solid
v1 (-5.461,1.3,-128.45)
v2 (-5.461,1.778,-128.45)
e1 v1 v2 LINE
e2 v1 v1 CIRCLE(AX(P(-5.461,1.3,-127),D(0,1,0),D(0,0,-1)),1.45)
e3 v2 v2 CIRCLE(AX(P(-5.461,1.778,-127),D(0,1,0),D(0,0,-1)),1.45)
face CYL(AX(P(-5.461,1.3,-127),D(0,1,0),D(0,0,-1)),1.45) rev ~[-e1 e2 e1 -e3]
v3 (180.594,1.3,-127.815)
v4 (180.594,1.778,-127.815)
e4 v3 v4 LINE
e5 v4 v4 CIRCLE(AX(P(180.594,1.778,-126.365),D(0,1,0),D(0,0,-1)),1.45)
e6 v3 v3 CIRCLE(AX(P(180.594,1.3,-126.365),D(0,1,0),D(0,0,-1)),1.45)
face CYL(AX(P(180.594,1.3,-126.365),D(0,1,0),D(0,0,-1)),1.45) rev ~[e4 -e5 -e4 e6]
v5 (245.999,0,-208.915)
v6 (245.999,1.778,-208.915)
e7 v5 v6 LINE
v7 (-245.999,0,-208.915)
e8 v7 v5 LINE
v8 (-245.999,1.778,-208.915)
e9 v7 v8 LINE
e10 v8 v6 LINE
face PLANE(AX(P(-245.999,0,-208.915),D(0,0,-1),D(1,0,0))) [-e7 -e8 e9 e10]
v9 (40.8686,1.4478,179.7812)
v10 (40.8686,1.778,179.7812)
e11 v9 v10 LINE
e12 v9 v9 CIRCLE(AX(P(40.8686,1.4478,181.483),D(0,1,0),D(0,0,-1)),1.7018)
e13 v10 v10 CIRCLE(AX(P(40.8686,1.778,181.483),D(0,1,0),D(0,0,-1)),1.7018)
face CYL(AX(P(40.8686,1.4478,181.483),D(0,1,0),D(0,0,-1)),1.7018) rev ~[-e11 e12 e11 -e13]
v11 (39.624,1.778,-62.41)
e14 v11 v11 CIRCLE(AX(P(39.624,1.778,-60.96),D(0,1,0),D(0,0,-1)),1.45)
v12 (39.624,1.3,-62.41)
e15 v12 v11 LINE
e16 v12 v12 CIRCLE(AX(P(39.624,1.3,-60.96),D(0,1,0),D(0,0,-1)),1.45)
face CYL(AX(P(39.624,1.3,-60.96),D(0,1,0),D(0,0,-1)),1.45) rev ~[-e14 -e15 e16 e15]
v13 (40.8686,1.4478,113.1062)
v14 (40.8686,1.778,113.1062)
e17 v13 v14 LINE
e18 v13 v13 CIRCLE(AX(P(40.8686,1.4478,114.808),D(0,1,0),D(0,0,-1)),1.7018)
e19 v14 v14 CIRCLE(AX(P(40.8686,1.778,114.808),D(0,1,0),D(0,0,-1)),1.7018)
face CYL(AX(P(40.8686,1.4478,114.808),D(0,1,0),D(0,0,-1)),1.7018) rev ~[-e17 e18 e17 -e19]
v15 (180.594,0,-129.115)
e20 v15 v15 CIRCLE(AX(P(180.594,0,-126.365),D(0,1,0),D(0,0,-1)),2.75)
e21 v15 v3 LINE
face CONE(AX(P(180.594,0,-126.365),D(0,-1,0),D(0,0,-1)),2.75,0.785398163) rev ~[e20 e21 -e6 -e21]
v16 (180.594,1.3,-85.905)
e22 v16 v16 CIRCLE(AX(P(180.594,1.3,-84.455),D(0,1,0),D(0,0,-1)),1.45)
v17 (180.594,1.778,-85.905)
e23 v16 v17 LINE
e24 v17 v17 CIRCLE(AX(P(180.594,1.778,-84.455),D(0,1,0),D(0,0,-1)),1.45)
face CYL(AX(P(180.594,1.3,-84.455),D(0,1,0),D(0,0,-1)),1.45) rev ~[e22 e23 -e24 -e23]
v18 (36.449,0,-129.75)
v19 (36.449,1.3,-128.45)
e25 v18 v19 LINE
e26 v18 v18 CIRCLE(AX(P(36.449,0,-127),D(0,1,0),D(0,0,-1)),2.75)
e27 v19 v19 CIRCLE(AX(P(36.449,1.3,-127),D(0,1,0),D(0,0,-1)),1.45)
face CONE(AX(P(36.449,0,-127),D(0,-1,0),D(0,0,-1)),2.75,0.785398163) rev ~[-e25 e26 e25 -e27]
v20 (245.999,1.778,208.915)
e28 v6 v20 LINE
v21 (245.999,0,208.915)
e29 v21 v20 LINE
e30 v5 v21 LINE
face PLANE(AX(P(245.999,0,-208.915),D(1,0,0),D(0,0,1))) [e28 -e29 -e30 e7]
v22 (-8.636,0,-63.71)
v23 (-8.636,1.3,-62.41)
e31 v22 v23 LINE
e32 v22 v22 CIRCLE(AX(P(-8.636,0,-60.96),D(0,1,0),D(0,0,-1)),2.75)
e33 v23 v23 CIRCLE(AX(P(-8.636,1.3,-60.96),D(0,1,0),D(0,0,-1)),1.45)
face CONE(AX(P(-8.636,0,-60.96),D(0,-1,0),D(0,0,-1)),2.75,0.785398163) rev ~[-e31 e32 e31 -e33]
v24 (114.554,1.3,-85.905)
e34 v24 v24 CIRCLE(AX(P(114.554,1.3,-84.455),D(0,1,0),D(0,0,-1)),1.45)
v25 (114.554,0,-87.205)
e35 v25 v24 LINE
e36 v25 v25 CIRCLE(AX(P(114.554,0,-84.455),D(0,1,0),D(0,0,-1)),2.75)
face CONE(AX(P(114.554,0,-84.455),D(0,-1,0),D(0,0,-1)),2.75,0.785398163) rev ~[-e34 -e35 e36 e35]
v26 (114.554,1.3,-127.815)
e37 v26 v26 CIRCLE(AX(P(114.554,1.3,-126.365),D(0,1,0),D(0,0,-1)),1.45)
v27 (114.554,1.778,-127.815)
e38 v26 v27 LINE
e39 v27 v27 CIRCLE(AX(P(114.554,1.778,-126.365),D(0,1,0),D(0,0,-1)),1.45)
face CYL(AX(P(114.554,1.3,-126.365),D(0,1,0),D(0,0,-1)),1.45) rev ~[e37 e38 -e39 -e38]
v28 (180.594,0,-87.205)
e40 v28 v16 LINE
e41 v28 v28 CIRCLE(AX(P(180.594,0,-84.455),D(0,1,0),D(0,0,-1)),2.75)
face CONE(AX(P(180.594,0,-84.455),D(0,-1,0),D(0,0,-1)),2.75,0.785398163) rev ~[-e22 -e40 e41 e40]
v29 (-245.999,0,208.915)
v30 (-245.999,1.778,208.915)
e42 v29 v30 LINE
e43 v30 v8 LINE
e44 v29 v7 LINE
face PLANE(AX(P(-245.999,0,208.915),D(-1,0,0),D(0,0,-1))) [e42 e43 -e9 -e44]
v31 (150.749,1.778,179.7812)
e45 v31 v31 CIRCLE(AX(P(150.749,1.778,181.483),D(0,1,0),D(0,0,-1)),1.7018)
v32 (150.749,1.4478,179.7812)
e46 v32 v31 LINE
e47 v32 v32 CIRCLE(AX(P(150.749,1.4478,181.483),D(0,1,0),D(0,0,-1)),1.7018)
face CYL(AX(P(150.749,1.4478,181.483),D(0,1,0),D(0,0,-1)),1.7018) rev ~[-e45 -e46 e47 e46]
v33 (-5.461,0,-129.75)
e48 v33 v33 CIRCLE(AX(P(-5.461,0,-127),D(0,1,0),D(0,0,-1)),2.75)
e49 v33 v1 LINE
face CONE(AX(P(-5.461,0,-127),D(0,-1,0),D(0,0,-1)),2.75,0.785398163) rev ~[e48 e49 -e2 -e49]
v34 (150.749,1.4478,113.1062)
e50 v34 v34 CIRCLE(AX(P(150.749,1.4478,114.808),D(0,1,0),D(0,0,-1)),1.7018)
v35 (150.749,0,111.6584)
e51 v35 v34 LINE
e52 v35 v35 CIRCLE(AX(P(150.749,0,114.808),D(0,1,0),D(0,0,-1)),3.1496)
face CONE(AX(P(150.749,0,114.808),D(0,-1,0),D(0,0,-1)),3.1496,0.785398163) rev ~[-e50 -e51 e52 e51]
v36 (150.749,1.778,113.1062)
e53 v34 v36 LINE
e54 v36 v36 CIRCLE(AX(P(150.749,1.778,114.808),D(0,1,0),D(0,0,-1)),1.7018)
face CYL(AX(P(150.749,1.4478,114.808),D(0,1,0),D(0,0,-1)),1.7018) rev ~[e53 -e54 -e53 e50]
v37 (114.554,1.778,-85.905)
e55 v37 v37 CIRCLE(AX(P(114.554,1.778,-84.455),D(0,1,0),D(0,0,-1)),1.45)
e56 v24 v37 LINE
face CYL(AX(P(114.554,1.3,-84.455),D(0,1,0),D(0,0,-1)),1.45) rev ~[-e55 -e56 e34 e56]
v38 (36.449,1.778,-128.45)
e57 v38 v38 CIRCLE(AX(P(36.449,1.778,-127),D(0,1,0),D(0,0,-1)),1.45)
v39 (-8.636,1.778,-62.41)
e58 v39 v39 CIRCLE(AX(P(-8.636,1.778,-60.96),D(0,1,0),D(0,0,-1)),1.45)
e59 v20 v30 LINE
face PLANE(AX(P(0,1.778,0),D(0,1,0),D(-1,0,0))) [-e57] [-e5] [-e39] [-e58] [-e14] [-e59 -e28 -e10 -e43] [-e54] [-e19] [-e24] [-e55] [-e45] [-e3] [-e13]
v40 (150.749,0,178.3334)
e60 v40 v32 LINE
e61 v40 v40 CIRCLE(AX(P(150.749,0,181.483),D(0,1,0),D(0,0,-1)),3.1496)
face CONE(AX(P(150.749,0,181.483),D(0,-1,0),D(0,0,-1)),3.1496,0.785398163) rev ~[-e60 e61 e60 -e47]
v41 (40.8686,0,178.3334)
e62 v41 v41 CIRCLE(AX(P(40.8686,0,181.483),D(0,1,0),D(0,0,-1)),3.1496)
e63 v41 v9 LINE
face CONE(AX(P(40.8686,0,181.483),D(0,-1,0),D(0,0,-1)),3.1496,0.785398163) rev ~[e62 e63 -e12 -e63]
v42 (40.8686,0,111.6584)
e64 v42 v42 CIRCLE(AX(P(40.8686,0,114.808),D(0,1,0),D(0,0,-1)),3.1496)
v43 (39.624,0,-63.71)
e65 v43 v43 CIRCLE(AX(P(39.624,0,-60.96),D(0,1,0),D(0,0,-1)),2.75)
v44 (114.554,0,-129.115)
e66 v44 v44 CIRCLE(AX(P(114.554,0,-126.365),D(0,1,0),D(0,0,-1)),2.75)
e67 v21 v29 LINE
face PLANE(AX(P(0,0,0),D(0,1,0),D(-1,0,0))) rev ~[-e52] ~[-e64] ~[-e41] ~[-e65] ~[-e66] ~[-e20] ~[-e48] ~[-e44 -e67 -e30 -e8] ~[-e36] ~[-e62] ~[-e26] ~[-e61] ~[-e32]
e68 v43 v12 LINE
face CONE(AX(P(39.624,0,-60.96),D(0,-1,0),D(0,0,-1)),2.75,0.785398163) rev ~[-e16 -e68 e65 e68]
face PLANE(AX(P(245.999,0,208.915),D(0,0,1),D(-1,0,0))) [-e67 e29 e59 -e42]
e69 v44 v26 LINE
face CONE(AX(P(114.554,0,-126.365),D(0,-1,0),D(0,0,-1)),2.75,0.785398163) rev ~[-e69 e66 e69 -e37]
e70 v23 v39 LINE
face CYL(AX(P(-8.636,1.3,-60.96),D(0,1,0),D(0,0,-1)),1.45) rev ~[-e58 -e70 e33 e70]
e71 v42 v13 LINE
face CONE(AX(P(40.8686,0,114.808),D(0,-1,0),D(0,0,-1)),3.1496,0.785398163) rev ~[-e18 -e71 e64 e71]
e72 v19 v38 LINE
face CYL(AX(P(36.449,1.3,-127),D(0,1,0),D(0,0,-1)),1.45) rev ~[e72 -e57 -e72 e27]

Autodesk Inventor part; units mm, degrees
ref_plane "YZ Plane" through (0, 0, 0) normal (1, 0, 0) x (0, 1, 0)
ref_plane "XZ Plane" through (0, 0, 0) normal (0, 1, 0) x (-1, 0, 0)
ref_plane "XY Plane" through (0, 0, 0) normal (0, 0, 1) x (1, 0, 0)
sketch "Sketch1" plane through (0, 0, 0) normal (0, 1, 0) x (-1, 0, 0)
  line L0 (-245.999, 208.915) -> (245.999, 208.915)
  line L1 (245.999, 208.915) -> (245.999, -208.915)
  line L2 (245.999, -208.915) -> (-245.999, -208.915)
  line L3 (-245.999, -208.915) -> (-245.999, 208.915)
  line L4 (-245.999, 208.915) -> (245.999, -208.915) construction
  line L5 (245.999, 208.915) -> (-245.999, -208.915) construction
  point P0 (0, 0)
  dimension "d0" = 417.83
  dimension "d1" = 491.998
extrude "Extrusion1" add sketch "Sketch1" along normal blind 1.778
sketch "wr" plane through (0, 1.778, 0) normal (0, 1, 0) x (1, 0, 0)
  line L0 (236.474, -199.39) -> (-236.474, -199.39) construction
  line L1 (-236.474, -199.39) -> (-236.474, 199.39) construction
  line L2 (-236.474, 199.39) -> (236.474, 199.39) construction
  line L3 (236.474, 199.39) -> (236.474, -199.39) construction
  line L4 (236.474, -199.39) -> (-236.474, 199.39) construction
  line L5 (-236.474, -199.39) -> (236.474, 199.39) construction
  line L6 (-245.999, -208.915) -> (245.999, -208.915) construction
  line L7 (245.999, -208.915) -> (245.999, 208.915) construction
  line L8 (163.449, -197.358) -> (28.1686, -197.358) construction
  line L9 (28.1686, -197.358) -> (28.1686, -92.2274) construction
  line L10 (28.1686, -92.2274) -> (163.449, -92.2274) construction
  line L11 (163.449, -92.2274) -> (163.449, -197.358) construction
  line L12 (163.449, -197.358) -> (28.1686, -92.2274) construction
  line L13 (28.1686, -197.358) -> (163.449, -92.2274) construction
  point P0 (0, 0)
  point P1 (95.8088, -144.7927)
  point P2 (95.8088, -144.7927)
  point P3 (150.749, -181.483)
  point P4 (40.8686, -181.483)
  point P5 (40.8686, -114.808)
  point P6 (150.749, -114.808)
  dimension "d4" = 9.525
  dimension "d5" = 9.525
  dimension "d6" = 105.1306
  dimension "d7" = 135.2804
  dimension "d9" = 11.557
  dimension "d10" = 82.55
  dimension "d23" = 15.875
  dimension "d24" = 15.875
  dimension "d25" = 12.7
  dimension "d26" = 12.7
  dimension "d27" = 82.55
  dimension "d28" = 82.55
  dimension "d29" = 12.7
  dimension "d30" = 12.7
sketch "bbb" plane through (0, 1.778, 0) normal (0, 1, 0) x (1, 0, 0)
  line L0 (-11.811, 46.355) -> (-11.811, 132.715) construction
  line L1 (-11.811, 132.715) -> (42.799, 132.715) construction
  line L2 (42.799, 132.715) -> (42.799, 46.355) construction
  line L3 (42.799, 46.355) -> (-11.811, 46.355) construction
  line L4 (-11.811, 46.355) -> (42.799, 132.715) construction
  line L5 (-11.811, 132.715) -> (42.799, 46.355) construction
  line L6 (245.999, 208.915) -> (-245.999, 208.915) construction
  line L7 (245.999, -208.915) -> (245.999, 208.915) construction
  line L8 (-42.799, -208.915) -> (-42.799, 208.915) construction
  point P0 (0, 0)
  point P1 (15.494, 89.535)
  point P2 (39.624, 60.96)
  point P3 (-8.636, 60.96)
  point P4 (36.449, 127)
  point P5 (-5.461, 127)
  dimension "d11" = 54.61
  dimension "d12" = 86.36
  dimension "d13" = 14.605
  dimension "d14" = 14.605
  dimension "d15" = 3.175
  dimension "d16" = 3.175
  dimension "d17" = 80.645
  dimension "d18" = 6.35
  dimension "d19" = 80.645
  dimension "d20" = 48.26
  dimension "d82" = 203.2
  dimension "d83" = 76.2
  dimension "d84" = 288.798
sketch "Sketch5" plane through (0, 0, 0) normal (0, -1, 0) x (1, 0, 0)
  point P0 (0, 0)
  point P1 (36.449, -127)
  point P2 (-5.461, -127)
  point P3 (-8.636, -60.96)
  point P4 (39.624, -60.96)
sketch "bbb bob" plane through (0, 1.778, 0) normal (0, 1, 0) x (1, 0, 0)
  line L0 (245.999, -208.915) -> (-245.999, -208.915) projected
  line L1 (-42.799, -208.915) -> (-42.799, 208.1802) construction
  line L2 (245.999, -208.915) -> (245.999, 208.915) construction
  line L3 (195.199, 78.105) -> (108.839, 78.105) construction
  line L4 (108.839, 78.105) -> (108.839, 132.715) construction
  line L5 (108.839, 132.715) -> (195.199, 132.715) construction
  line L6 (195.199, 132.715) -> (195.199, 78.105) construction
  line L7 (195.199, 78.105) -> (108.839, 132.715) construction
  line L8 (108.839, 78.105) -> (195.199, 132.715) construction
  line L9 (245.999, 208.915) -> (-245.999, 208.915) construction
  point P0 (0, 0)
  point P1 (152.019, 105.41)
  point P2 (180.594, 84.455)
  point P3 (180.594, 126.365)
  point P4 (114.554, 84.455)
  point P5 (114.554, 126.365)
  dimension "d45" = 288.798
  dimension "d60" = 54.61
  dimension "d61" = 86.36
  dimension "d62" = 76.2
  dimension "d63" = 50.8
  dimension "d65" = 14.605
  dimension "d66" = 6.35
  dimension "d69" = 41.91
  dimension "d72" = 66.04
sketch "Sketch7" plane through (0, 0, 0) normal (0, -1, 0) x (1, 0, 0)
  point P0 (0, 0)
  point P1 (40.8686, 181.483)
  point P2 (40.8686, 114.808)
  point P3 (150.749, 181.483)
  point P4 (150.749, 114.808)
hole "wrlen holes" at (40.8686, 0, 114.808) at (40.8686, 0, 181.483) at (150.749, 0, 181.483) at (150.749, 0, 114.808) direction (0, 1, 0) diameter 3.4036 end through all countersink diameter 6.2992 countersink angle 90 clearance for "Countersunk Flat Head Screw ISO 2009/7046" size "M3" standard "ISO"
sketch "Sketch8" plane through (0, 0, 0) normal (0, -1, 0) x (1, 0, 0)
  point P0 (0, 0)
  point P1 (114.554, -126.365)
  point P2 (114.554, -84.455)
  point P3 (180.594, -126.365)
  point P4 (180.594, -84.455)
hole "bbb holes" at (-5.461, 0, -127) at (-8.636, 0, -60.96) at (39.624, 0, -60.96) at (36.449, 0, -127) direction (0, 1, 0) diameter 2.9 end through all countersink diameter 5.5 countersink angle 90 clearance for "Countersunk Flat Head Screw ISO 2009/7046" size "M2.5" standard "ISO"
hole "bbb bob holes" at (114.554, 0, -126.365) at (114.554, 0, -84.455) at (180.594, 0, -84.455) at (180.594, 0, -126.365) direction (0, 1, 0) diameter 2.9 end through all countersink diameter 5.5 countersink angle 90 clearance for "Countersunk Flat Head Screw ISO 2009/7046" size "M2.5" standard "ISO"
properties part number "nmt_bottom"
